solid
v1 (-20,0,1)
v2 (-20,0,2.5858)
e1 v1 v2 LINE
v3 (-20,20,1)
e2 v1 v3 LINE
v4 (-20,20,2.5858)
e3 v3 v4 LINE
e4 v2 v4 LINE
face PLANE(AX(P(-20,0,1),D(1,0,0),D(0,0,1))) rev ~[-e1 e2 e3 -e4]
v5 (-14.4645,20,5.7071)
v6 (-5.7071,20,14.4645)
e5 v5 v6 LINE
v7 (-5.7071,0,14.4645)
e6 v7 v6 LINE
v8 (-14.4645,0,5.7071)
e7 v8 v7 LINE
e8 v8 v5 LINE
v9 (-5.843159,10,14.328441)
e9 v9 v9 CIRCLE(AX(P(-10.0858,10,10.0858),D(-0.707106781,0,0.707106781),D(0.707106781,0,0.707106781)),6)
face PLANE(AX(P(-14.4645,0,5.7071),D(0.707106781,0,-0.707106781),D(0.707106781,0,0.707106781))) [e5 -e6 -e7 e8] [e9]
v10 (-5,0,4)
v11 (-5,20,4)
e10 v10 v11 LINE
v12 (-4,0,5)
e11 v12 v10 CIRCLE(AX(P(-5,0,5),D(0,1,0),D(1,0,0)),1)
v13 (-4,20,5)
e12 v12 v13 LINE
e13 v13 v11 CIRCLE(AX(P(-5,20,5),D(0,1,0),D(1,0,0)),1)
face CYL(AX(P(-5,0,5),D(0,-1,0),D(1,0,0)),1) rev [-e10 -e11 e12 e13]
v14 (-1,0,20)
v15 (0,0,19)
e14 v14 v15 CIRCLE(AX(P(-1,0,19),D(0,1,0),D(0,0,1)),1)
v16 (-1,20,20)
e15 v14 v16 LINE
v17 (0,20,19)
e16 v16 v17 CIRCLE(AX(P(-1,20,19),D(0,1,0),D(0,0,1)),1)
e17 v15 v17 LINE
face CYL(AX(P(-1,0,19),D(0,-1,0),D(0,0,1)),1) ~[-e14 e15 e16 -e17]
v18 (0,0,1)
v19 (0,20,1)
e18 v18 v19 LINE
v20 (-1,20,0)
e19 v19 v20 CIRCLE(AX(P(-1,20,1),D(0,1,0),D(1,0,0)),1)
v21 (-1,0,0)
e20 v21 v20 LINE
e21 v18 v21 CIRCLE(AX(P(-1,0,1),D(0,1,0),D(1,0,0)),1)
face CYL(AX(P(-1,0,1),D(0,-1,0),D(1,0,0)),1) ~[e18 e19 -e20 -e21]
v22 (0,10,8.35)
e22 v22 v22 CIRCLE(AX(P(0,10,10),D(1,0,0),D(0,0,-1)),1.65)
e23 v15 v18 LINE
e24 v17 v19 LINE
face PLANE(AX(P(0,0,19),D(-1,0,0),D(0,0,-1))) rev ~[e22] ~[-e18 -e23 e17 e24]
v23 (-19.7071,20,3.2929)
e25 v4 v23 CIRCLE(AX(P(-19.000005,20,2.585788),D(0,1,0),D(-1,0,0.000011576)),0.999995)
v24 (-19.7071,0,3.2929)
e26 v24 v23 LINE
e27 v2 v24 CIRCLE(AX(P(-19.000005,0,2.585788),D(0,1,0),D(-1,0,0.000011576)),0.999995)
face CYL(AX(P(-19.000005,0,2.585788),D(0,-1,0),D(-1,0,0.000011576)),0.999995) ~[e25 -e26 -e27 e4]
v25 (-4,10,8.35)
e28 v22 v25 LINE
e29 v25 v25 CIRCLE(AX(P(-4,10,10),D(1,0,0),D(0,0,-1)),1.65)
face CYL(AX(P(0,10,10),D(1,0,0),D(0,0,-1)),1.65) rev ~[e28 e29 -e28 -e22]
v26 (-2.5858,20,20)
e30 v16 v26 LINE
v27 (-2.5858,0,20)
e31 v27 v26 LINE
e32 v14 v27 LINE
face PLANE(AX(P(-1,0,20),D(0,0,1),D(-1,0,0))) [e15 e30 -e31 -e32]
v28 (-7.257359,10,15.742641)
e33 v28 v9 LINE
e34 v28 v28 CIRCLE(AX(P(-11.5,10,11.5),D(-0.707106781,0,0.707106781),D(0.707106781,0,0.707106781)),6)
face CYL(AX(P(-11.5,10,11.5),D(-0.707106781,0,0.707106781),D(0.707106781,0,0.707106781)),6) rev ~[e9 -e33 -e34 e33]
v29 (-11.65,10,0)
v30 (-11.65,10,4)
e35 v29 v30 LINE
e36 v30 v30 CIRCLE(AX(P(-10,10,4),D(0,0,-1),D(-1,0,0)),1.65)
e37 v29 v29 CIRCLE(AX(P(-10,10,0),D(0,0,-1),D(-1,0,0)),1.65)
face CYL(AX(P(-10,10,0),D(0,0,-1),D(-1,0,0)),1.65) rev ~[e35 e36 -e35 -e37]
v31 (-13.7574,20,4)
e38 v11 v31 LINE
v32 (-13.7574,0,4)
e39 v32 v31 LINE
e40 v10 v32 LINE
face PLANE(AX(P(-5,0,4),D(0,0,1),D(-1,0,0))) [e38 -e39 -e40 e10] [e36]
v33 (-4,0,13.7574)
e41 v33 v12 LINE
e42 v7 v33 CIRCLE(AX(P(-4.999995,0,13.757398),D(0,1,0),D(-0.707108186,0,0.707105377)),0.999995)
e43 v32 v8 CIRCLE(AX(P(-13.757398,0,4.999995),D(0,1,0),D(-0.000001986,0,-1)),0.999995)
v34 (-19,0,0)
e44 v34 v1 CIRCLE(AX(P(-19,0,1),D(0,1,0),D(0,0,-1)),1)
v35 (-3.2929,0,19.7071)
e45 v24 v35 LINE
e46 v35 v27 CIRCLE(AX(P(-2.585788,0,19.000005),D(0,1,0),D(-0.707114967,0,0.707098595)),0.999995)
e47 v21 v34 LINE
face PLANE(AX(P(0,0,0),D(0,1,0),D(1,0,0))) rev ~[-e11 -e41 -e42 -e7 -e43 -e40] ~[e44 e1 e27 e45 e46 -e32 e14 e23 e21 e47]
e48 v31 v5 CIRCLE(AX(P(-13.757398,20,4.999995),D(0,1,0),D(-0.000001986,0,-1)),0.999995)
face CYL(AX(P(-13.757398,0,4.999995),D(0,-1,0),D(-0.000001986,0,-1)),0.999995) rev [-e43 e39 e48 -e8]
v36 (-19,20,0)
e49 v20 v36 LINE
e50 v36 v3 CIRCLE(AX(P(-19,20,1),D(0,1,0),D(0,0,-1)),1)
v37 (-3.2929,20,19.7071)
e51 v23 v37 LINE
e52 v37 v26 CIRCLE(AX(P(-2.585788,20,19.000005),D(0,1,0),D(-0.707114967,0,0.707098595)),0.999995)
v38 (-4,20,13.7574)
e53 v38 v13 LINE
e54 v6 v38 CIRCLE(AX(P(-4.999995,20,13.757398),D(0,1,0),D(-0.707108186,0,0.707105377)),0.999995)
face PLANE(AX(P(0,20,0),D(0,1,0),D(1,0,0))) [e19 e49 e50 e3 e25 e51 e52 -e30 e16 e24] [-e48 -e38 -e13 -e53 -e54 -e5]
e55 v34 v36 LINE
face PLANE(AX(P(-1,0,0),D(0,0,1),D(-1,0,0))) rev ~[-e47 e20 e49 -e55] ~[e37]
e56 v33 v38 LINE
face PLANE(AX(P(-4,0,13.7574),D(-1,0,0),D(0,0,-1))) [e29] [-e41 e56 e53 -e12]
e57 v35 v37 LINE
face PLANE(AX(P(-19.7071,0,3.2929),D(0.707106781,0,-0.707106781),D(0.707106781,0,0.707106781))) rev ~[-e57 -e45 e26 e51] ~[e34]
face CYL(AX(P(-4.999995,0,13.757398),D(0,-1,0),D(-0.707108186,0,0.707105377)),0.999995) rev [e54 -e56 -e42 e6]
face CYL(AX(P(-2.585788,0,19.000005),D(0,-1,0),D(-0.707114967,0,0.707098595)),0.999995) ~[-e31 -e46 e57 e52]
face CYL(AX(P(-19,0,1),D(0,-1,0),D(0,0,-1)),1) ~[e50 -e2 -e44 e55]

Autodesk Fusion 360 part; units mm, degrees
sketch "Sketch1" plane through (0, 0, 0) normal (0, 1, 0) x (1, 0, 0)
  line L0 (0, 0) -> (-100, 0) construction
  line L1 (-100, 0) -> (-100, -100) construction
  line L2 (-100, -100) -> (0, -100) construction
  line L3 (0, -100) -> (0, 0) construction
  line L4 (10, 20) -> (-110, 20)
  line L5 (-120, 10) -> (-120, -110)
  line L6 (-110, -120) -> (10, -120)
  line L7 (20, -110) -> (20, 10)
  circle A0 centre (0, 0) radius 1.65
  circle A1 centre (-100, 0) radius 1.65
  circle A2 centre (0, -100) radius 1.65
  circle A3 centre (-100, -100) radius 1.65
  arc A4 (10, -120) -> (20, -110) centre (10, -110) ccw
  arc A5 (-120, -110) -> (-110, -120) centre (-110, -110) ccw
  arc A6 (-110, 20) -> (-120, 10) centre (-110, 10) ccw
  arc A7 (20, 10) -> (10, 20) centre (10, 10) ccw
  dimension "d1" = 100
  dimension "d2" = 100
  dimension "d4" = 3.3
  dimension "d7" = -100
  dimension "d8" = -100
  dimension "d9" = 10
extrude "Extrude1" add sketch "Sketch1" along normal blind 7 makes body 1
sketch "Sketch2" plane through (0, 7, 0) normal (0, 1, 0) x (-1, 0, 0)
  circle A0 centre (0, 0) radius 1.65
  circle A1 centre (100, 100) radius 1.65
  circle A2 centre (0, 100) radius 1.65
  circle A3 centre (100, 0) radius 1.65
  arc A4 (-20, -10) -> (-10, -20) centre (-10, -10) ccw
  line L0 (-10, -20) -> (110, -20)
  arc A5 (110, -20) -> (120, -10) centre (110, -10) ccw
  line L1 (120, -10) -> (120, 110)
  arc A6 (120, 110) -> (110, 120) centre (110, 110) ccw
  line L2 (110, 120) -> (-10, 120)
  arc A7 (-10, 120) -> (-20, 110) centre (-10, 110) ccw
  line L3 (-20, 110) -> (-20, -10)
  circle A8 centre (0, 0) radius 2.8
  circle A9 centre (100, 0) radius 2.8
  circle A10 centre (0, 100) radius 2.8
  circle A11 centre (100, 100) radius 2.8
  dimension "d12" = 5.6
  dimension "d15" = 100
  dimension "d16" = 100
extrude "Extrude2" cut sketch "Sketch2" against normal blind 3 contours A8 | A9 | A10 | A11 bodies 1
sketch "Sketch3" plane through (0, 0, 0) normal (0, 1, 0) x (1, 0, 0)
  line L0 (-1, 0) -> (-19, 0)
  line L1 (0, -19) -> (0, -1)
  line L2 (-1, -20) -> (-2.5858, -20)
  line L3 (-20, -1) -> (-20, -2.5858)
  line L4 (-19.7071, -3.2929) -> (-3.2929, -19.7071)
  line L5 (-14.4645, -5.7071) -> (-5.7071, -14.4645)
  line L6 (-5, -4) -> (-13.7574, -4)
  line L7 (-4, -13.7574) -> (-4, -5)
  arc A0 (-1, -20) -> (0, -19) centre (-1, -19) ccw
  arc A1 (-3.2929, -19.7071) -> (-2.5858, -20) centre (-2.5858, -19) ccw
  arc A2 (0, -1) -> (-1, 0) centre (-1, -1) ccw
  arc A3 (-19, 0) -> (-20, -1) centre (-19, -1) ccw
  arc A4 (-20, -2.5858) -> (-19.7071, -3.2929) centre (-19, -2.5858) ccw
  arc A5 (-5.7071, -14.4645) -> (-4, -13.7574) centre (-5, -13.7574) ccw
  arc A6 (-4, -5) -> (-5, -4) centre (-5, -5) ccw
  arc A7 (-13.7574, -4) -> (-14.4645, -5.7071) centre (-13.7574, -5) ccw
  point P0 (-20, 0)
  point P1 (0, -20)
  point P2 (-3, -20)
  point P3 (-20, -3)
  dimension "d19" = 20
  dimension "d20" = 20
  dimension "d23" = 3
  dimension "d24" = 3
  dimension "d26" = 1
  dimension "d27" = 1
  dimension "d30" = 2
extrude "Extrude3" add sketch "Sketch3" along normal blind 20 separate body makes body 2
sketch "Sketch4" plane through (0, 0, 0) normal (0, 0, -1) x (-1, 0, 0)
  line L0 (1, 0) -> (19, 0)
  line L1 (19, 0) -> (19, 20)
  line L2 (19, 20) -> (1, 20)
  line L3 (1, 20) -> (1, 0)
  circle A0 centre (10, 10) radius 1.65
  dimension "d31" = 3.3
extrude "Extrude5" cut sketch "Sketch4" against normal blind 30 contours A0 bodies 2
sketch "Sketch5" plane through (0, 0, 0) normal (1, 0, 0) x (0, 0, -1)
  line L0 (-19, 0) -> (-1, 0)
  line L1 (-1, 0) -> (-1, 20)
  line L2 (-1, 20) -> (-19, 20)
  line L3 (-19, 20) -> (-19, 0)
  circle A0 centre (-10, 10) radius 1.65
  dimension "d34" = 3.3
extrude "Extrude6" cut sketch "Sketch5" against normal blind 49 contours A0 bodies 2
sketch "Sketch6" plane through (-11.5, 0, 11.5) normal (-0.7071, 0, 0.7071) x (0.7071, 0, 0.7071)
  line L0 (-11.6066, 0) -> (11.6066, 0)
  line L1 (11.6066, 0) -> (11.6066, 20)
  line L2 (11.6066, 20) -> (-11.6066, 20)
  line L3 (-11.6066, 20) -> (-11.6066, 0)
  ellipse E0 centre (-2.1213, 10) end of major axis (-4.4548, 10) minor radius 1.65 (0, 10.6874) -> (0, 9.3126) ccw
  ellipse E1 centre (2.1213, 10) end of major axis (-0.2121, 10) minor radius 1.65 (0, 9.3126) -> (0, 10.6874) ccw
  circle A0 centre (0, 10) radius 6
  dimension "d37" = 12
extrude "Extrude7" cut sketch "Sketch6" against normal blind 3 contours E0 E1 | A0 bodies 2
extrude "Extrude4" [suppressed]
hidden bodies 1
